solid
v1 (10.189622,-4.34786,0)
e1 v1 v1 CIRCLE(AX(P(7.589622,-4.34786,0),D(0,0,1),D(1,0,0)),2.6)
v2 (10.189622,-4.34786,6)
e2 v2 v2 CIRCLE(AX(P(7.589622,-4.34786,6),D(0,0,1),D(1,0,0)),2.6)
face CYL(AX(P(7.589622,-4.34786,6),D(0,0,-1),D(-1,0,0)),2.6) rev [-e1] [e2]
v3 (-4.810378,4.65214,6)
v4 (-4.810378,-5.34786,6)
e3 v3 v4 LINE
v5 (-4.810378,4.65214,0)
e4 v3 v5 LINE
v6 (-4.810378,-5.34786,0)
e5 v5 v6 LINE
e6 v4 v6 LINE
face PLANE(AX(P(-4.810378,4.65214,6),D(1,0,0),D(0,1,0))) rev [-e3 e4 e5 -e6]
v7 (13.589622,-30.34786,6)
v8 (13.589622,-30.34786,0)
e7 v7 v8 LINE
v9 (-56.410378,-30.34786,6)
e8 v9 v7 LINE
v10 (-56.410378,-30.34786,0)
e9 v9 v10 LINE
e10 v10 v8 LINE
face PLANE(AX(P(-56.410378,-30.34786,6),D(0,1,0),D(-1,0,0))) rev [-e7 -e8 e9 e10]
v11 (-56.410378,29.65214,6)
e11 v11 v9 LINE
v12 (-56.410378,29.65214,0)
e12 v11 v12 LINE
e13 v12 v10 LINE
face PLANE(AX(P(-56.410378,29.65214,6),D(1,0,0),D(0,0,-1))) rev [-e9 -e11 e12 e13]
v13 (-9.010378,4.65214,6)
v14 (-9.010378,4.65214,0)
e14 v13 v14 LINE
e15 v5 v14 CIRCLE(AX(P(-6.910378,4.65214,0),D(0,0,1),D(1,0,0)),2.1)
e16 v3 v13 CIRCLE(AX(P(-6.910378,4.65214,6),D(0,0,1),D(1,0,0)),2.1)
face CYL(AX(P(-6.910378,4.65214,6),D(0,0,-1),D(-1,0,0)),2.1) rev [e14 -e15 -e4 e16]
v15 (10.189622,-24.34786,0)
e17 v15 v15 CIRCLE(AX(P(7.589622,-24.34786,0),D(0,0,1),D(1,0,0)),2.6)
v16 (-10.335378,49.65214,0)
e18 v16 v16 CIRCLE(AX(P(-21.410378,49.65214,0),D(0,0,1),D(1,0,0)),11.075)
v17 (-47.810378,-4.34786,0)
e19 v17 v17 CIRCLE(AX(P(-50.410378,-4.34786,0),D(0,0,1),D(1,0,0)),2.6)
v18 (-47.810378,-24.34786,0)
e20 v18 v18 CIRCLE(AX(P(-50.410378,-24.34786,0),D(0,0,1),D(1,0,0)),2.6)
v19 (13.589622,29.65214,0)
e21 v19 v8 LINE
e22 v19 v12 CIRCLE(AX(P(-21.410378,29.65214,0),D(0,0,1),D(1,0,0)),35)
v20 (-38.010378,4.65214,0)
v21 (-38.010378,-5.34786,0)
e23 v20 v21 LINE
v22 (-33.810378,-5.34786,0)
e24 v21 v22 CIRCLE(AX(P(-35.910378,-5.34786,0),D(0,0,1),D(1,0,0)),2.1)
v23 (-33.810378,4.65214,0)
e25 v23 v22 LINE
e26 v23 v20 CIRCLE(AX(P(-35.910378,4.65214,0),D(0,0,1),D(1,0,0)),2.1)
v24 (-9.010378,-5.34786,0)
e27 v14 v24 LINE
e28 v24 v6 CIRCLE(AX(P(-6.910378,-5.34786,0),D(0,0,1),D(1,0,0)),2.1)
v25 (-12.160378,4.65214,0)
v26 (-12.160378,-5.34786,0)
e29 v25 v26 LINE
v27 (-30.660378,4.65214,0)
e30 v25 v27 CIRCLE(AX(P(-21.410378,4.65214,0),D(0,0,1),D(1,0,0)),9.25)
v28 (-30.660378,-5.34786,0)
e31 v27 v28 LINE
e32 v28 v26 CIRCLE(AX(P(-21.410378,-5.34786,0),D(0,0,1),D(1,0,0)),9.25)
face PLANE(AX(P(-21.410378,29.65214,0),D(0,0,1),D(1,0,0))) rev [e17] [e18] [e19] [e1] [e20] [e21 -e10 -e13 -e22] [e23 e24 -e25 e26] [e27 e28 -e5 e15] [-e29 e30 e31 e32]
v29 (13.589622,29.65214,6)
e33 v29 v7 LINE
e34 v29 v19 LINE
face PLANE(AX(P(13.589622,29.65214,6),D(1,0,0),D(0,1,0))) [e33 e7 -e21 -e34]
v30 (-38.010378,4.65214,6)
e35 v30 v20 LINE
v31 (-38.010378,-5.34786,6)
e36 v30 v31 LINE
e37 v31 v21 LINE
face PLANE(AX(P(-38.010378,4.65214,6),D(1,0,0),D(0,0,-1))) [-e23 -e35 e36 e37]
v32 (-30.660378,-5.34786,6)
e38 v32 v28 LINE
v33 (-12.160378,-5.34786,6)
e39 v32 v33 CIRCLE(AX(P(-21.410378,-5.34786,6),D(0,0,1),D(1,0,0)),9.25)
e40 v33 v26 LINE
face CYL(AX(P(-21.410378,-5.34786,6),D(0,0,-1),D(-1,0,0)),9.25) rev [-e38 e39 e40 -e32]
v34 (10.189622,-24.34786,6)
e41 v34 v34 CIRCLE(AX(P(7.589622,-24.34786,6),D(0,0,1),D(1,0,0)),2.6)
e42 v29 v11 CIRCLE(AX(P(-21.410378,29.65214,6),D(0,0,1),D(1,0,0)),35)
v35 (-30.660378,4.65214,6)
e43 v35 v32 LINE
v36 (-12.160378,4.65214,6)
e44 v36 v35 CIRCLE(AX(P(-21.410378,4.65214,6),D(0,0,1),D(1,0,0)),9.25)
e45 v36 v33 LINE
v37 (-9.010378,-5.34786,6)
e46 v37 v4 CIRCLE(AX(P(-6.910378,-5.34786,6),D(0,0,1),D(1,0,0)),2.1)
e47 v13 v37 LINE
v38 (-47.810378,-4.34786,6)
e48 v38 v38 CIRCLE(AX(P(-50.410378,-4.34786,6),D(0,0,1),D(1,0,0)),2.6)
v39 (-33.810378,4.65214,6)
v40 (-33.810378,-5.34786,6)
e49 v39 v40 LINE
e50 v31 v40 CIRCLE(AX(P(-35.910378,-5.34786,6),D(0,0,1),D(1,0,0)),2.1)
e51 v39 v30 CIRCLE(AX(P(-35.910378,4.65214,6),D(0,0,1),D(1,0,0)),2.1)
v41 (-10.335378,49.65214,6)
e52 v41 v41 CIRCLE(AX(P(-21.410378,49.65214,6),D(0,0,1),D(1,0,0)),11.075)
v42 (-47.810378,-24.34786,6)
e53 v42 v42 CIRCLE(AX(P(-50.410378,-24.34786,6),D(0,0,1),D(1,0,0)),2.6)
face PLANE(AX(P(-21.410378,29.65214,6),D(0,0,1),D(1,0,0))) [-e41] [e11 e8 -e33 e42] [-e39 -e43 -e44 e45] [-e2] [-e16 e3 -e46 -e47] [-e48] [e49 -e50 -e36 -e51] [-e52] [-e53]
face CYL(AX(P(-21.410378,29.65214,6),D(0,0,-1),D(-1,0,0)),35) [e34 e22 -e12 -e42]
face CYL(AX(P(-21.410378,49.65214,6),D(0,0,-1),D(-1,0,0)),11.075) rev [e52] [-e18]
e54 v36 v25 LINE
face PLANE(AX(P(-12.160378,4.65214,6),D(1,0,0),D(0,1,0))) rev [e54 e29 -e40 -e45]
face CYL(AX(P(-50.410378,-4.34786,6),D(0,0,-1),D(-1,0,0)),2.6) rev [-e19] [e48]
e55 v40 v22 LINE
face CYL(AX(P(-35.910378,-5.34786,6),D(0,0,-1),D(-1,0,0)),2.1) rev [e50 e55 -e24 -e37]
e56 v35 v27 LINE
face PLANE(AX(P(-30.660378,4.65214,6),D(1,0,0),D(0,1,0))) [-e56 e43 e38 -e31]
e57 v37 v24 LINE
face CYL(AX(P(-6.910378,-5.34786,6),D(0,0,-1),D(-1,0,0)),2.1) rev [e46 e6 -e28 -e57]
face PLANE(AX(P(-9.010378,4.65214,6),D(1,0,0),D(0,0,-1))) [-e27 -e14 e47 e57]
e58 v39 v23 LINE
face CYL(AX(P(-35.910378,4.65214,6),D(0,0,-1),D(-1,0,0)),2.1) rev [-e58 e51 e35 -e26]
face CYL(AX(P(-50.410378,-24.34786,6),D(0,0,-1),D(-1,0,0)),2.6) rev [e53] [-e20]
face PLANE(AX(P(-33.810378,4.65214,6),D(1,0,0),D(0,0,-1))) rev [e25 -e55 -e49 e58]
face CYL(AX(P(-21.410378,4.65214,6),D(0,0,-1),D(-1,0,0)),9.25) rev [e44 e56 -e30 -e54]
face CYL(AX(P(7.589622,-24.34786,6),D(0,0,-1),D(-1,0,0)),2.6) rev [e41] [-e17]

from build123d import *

# Parameters (mm, degrees)
IZIM1_R                     = 11.075
IZIM1_R_2                   = 2.6
Y_KSEKLIK_EKSTR_ZYON2_DEPTH = 6


with BuildPart() as part:
    # Çizim1 → Yükseklik-Ekstrüzyon2 (new body)
    with BuildSketch(Plane.XY):
        with BuildLine():
            Line((-56.410377678, 29.652139902), (-56.410377678, -30.347860098))
            Line((-56.410377678, -30.347860098), (13.589622322, -30.347860098))
            Line((13.589622322, -30.347860098), (13.589622322, 29.652139902))
            ThreePointArc((13.589622322, 29.652139902), (-21.410377678, 64.652139902), (-56.410377678, 29.652139902))
        make_face()
        with Locations((-21.410377678, 49.652139902)):
            Circle(IZIM1_R, mode=Mode.SUBTRACT)
        with Locations((-50.410377678, -24.347860098)):
            Circle(IZIM1_R_2, mode=Mode.SUBTRACT)
        with Locations((7.589622322, -24.347860098)):
            Circle(IZIM1_R_2, mode=Mode.SUBTRACT)
        with Locations((-50.410377678, -4.347860098)):
            Circle(IZIM1_R_2, mode=Mode.SUBTRACT)
        with Locations((7.589622322, -4.347860098)):
            Circle(IZIM1_R_2, mode=Mode.SUBTRACT)
        with BuildLine():
            Line((-12.160377678, 4.652139902), (-12.160377678, -5.347860098))
            ThreePointArc((-12.160377678, -5.347860098), (-21.410377678, -14.597860098), (-30.660377678, -5.347860098))
            Line((-30.660377678, -5.347860098), (-30.660377678, 4.652139902))
            ThreePointArc((-30.660377678, 4.652139902), (-21.410377678, 13.902139902), (-12.160377678, 4.652139902))
        make_face(mode=Mode.SUBTRACT)
        with BuildLine():
            Line((-33.810377678, 4.652139902), (-33.810377678, -5.347860098))
            ThreePointArc((-33.810377678, -5.347860098), (-35.910377678, -7.447860098), (-38.010377678, -5.347860098))
            Line((-38.010377678, -5.347860098), (-38.010377678, 4.652139902))
            ThreePointArc((-38.010377678, 4.652139902), (-35.910377678, 6.752139902), (-33.810377678, 4.652139902))
        make_face(mode=Mode.SUBTRACT)
        with BuildLine():
            Line((-4.810377678, 4.652139902), (-4.810377678, -5.347860098))
            ThreePointArc((-4.810377678, -5.347860098), (-6.910377678, -7.447860098), (-9.010377678, -5.347860098))
            Line((-9.010377678, -5.347860098), (-9.010377678, 4.652139902))
            ThreePointArc((-9.010377678, 4.652139902), (-6.910377678, 6.752139902), (-4.810377678, 4.652139902))
        make_face(mode=Mode.SUBTRACT)
    extrude(amount=Y_KSEKLIK_EKSTR_ZYON2_DEPTH)


solid = part.part
